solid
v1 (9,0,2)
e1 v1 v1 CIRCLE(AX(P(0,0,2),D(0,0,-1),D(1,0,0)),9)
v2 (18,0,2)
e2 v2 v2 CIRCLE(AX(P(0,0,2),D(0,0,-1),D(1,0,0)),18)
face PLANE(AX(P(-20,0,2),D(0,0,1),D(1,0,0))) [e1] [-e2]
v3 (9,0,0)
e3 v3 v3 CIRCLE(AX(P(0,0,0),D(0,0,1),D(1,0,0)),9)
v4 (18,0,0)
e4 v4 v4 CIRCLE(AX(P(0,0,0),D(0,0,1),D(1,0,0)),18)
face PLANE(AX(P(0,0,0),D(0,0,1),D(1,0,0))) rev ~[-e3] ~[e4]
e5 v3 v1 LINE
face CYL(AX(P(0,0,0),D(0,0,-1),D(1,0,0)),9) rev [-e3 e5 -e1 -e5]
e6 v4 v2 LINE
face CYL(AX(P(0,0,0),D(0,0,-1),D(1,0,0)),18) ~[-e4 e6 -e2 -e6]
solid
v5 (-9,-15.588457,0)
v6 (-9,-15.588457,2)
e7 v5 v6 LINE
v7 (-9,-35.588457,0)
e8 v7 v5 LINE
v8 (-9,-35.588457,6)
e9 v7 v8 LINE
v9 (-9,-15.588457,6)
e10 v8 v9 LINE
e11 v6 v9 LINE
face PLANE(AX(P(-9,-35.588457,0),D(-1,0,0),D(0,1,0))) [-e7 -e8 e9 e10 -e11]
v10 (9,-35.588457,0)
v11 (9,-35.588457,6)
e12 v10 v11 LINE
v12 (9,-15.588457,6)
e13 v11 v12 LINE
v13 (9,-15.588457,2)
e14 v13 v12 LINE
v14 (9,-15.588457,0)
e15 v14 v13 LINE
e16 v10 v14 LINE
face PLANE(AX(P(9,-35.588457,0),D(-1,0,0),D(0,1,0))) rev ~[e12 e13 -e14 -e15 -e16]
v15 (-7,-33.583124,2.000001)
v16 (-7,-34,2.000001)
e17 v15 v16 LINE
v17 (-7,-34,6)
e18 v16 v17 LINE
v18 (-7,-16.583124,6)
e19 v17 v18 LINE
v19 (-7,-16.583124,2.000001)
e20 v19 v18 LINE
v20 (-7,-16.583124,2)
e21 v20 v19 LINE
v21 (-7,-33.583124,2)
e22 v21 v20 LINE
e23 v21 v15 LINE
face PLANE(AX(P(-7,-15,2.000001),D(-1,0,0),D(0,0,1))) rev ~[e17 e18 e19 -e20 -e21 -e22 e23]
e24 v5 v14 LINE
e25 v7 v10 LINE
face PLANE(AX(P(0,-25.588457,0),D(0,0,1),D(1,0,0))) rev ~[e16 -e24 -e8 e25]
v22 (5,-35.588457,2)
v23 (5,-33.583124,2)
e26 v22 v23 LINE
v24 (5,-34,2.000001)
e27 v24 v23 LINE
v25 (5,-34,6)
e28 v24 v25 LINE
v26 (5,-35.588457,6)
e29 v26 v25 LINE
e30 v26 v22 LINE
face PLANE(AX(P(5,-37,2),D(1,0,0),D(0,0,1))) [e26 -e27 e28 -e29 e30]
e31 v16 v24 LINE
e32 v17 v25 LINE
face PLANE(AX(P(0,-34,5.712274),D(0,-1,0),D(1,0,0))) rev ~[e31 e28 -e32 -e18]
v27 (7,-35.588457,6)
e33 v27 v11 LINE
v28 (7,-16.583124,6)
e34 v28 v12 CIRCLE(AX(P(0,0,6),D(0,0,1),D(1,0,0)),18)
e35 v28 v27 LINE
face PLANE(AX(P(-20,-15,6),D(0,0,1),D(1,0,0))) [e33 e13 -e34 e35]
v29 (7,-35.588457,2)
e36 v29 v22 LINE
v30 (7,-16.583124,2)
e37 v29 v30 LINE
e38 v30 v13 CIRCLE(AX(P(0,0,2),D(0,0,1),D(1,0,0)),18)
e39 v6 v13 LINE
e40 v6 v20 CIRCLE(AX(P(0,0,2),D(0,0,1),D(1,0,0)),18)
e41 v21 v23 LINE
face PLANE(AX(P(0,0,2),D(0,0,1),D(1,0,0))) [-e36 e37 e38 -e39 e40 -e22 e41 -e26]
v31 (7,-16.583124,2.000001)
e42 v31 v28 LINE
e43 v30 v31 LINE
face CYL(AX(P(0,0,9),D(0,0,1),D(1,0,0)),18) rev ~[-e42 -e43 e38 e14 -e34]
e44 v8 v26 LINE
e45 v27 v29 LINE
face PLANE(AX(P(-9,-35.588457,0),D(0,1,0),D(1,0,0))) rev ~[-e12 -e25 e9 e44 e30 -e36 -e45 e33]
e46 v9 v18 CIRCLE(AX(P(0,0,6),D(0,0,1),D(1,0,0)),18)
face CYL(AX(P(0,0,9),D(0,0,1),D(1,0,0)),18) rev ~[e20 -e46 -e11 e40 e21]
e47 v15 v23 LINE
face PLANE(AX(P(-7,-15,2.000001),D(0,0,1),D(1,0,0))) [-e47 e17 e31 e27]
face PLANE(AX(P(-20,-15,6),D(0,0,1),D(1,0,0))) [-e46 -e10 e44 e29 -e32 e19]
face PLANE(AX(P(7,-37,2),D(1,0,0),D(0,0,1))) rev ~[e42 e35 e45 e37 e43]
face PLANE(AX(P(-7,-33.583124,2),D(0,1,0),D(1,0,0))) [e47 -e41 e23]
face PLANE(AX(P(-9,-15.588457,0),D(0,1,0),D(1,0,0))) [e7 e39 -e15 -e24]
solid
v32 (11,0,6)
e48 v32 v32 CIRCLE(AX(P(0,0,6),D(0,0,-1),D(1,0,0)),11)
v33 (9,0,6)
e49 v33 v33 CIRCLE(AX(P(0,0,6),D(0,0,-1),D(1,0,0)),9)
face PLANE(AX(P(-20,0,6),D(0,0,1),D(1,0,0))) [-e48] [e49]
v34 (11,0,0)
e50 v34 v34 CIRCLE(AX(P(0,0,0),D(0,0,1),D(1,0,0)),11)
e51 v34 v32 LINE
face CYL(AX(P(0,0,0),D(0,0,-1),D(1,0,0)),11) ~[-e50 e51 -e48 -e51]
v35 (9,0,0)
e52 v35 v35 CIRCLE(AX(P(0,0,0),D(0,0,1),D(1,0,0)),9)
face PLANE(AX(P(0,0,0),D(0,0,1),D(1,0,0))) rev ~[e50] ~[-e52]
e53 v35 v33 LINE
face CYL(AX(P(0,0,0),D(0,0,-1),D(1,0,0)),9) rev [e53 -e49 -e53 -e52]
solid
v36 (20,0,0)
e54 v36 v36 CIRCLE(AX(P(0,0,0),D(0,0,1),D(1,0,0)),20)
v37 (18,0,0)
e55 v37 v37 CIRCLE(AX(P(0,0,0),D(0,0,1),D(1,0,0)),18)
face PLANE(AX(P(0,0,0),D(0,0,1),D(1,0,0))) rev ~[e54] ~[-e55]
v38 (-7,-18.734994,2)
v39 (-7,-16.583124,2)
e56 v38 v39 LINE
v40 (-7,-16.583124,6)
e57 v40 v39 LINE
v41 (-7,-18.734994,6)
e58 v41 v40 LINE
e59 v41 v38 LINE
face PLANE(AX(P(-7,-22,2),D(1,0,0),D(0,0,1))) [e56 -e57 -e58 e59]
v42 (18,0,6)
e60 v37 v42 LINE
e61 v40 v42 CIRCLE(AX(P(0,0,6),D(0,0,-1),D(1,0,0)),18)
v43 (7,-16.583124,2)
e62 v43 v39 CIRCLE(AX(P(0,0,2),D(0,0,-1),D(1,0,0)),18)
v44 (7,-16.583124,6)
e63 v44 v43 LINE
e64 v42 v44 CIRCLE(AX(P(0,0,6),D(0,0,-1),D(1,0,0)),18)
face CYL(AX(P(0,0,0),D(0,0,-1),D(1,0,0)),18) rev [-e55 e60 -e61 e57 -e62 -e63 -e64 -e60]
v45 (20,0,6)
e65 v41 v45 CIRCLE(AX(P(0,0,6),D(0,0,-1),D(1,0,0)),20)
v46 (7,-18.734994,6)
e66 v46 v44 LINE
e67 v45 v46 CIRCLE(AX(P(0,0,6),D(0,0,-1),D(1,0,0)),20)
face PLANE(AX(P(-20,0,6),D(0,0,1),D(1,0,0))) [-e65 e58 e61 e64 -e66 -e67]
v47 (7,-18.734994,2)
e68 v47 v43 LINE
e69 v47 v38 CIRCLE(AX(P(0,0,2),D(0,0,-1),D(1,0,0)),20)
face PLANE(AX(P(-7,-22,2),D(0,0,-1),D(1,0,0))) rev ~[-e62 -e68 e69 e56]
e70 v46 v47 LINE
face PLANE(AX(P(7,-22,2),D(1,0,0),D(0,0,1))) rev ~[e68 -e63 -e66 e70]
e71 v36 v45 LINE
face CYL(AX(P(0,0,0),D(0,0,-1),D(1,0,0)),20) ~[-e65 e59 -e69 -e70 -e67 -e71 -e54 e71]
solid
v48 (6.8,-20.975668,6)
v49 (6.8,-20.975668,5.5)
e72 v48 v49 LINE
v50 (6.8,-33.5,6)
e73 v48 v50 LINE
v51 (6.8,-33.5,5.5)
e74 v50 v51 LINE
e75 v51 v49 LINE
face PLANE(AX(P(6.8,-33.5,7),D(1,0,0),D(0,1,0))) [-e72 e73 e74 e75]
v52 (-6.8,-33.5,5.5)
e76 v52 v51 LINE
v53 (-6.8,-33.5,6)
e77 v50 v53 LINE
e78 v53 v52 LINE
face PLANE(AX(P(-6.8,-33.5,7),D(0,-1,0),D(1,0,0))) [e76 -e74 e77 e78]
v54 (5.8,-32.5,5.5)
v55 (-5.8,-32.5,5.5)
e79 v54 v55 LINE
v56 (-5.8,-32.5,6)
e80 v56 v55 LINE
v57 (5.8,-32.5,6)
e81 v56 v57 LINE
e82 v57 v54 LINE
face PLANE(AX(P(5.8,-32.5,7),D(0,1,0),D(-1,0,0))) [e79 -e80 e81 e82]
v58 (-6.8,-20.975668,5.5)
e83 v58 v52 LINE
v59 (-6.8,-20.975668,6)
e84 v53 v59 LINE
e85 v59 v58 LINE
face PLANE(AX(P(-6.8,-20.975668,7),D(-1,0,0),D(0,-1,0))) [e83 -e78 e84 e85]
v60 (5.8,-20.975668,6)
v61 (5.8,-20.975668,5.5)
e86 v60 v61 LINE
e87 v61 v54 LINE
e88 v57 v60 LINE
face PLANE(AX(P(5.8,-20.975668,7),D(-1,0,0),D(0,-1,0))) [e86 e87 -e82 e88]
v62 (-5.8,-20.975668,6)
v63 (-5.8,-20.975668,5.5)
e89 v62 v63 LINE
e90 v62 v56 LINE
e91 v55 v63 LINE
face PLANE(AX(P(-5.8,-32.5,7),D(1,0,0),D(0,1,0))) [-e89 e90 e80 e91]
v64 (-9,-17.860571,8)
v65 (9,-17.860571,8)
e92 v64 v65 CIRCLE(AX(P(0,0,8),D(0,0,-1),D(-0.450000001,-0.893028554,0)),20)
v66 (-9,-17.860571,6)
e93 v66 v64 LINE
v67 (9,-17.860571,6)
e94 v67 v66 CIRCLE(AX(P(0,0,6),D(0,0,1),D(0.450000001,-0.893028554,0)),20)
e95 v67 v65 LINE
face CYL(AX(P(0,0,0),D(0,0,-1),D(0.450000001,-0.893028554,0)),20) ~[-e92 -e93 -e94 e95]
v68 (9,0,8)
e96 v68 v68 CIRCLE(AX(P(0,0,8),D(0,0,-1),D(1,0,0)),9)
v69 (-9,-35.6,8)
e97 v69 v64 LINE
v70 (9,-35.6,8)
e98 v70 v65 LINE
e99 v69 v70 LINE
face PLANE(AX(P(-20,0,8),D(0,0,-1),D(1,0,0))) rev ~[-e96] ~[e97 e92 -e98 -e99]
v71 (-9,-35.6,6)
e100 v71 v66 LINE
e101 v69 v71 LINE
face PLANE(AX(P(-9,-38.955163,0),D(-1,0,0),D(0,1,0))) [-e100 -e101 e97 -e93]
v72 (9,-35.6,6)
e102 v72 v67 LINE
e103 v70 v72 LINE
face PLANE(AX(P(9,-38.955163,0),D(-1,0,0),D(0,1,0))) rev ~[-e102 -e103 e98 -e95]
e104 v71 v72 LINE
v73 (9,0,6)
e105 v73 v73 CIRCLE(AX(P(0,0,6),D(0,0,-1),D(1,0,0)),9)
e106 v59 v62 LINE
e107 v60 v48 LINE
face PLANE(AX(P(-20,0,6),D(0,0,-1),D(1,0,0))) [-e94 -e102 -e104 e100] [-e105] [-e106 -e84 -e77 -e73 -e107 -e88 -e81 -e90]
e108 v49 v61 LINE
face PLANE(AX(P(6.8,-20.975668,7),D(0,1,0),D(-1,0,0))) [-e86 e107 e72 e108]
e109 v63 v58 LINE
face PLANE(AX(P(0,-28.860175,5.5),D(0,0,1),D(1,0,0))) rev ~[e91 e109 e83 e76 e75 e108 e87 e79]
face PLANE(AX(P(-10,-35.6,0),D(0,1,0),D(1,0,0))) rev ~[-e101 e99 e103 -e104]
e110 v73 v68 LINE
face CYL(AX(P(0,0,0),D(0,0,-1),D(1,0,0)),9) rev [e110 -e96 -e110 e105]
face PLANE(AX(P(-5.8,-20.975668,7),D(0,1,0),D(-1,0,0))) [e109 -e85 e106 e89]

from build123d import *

# Parameters (mm, degrees)
SKETCH_R             = 20
PAD_DEPTH            = 30
SKETCH001_R          = 18
POCKET_DEPTH         = 40
SKETCH002_W          = 40
SKETCH002_H          = 26
POCKET001_DEPTH      = 20.001
POCKET001_DEPTH_BACK = 20.001
SKETCH014_W          = 14
SKETCH014_H          = 7.569522
POCKET010_DEPTH      = 6
SKETCH005_R          = 11
PAD002_DEPTH         = 30
SKETCH006_W          = 40
SKETCH006_H          = 26
POCKET003_DEPTH      = 11.001
POCKET003_DEPTH_BACK = 11.001
SKETCH007_R          = 9
POCKET004_DEPTH      = 6.001
SKETCH003_R          = 18
PAD001_DEPTH         = 30
SKETCH004_W          = 40
SKETCH004_H          = 30
POCKET002_DEPTH      = 18.001
POCKET002_DEPTH_BACK = 18.001
SKETCH008_R          = 9
POCKET005_DEPTH      = 2.001
SKETCH009_W          = 18
SKETCH009_H          = 20
PAD003_DEPTH         = 9
SKETCH010_W          = 14
SKETCH010_H          = 17
POCKET006_DEPTH      = 7
SKETCH011_W          = 40
SKETCH011_H          = 26
POCKET007_DEPTH      = 21
SKETCH012_W          = 14
SKETCH012_H          = 7.424547
POCKET008_DEPTH      = 19
SKETCH013_R          = 18
POCKET009_DEPTH      = 7
SKETCH021_W          = 2
SKETCH021_H          = 8
POCKET015_DEPTH      = 5
SKETCH015_W          = 40
SKETCH015_H          = 26
PAD004_DEPTH         = 36
SKETCH016_W          = 40
SKETCH016_H          = 26
POCKET011_DEPTH      = 36
SKETCH017_R          = 9
POCKET012_DEPTH      = 8.001
POCKET013_DEPTH      = 25
SKETCH019_W          = 20
SKETCH019_H          = 5
POCKET014_DEPTH      = 15
PAD005_DEPTH         = 1.5


with BuildPart() as base_cylinder_external:
    # Sketch → Pad (new body)
    with BuildSketch(Plane.XY):
        Circle(SKETCH_R)
    extrude(amount=PAD_DEPTH)

    # Sketch001 → Pocket (cut)
    with BuildSketch(Plane.XY):
        Circle(SKETCH001_R)
    extrude(amount=POCKET_DEPTH, mode=Mode.SUBTRACT)

    # Sketch002 → Pocket001 (cut, two sides)
    with BuildSketch(Plane.XZ) as pocket001_sk:
        with Locations((0, 19)):
            Rectangle(SKETCH002_W, SKETCH002_H)
    extrude(amount=-POCKET001_DEPTH, mode=Mode.SUBTRACT)
    extrude(pocket001_sk.sketch, amount=POCKET001_DEPTH_BACK, mode=Mode.SUBTRACT)

    # Sketch014 → Pocket010 (cut)
    with BuildSketch(Plane.XZ.offset(22)):
        with Locations((0, 5.784761)):
            Rectangle(SKETCH014_W, SKETCH014_H)
    extrude(amount=-POCKET010_DEPTH, mode=Mode.SUBTRACT)


with BuildPart() as base_cylinder_internal:
    # Sketch005 → Pad002 (new body)
    with BuildSketch(Plane.XY):
        Circle(SKETCH005_R)
    extrude(amount=PAD002_DEPTH)

    # Sketch006 → Pocket003 (cut, two sides)
    with BuildSketch(Plane.XZ) as pocket003_sk:
        with Locations((0, 19)):
            Rectangle(SKETCH006_W, SKETCH006_H)
    extrude(amount=-POCKET003_DEPTH, mode=Mode.SUBTRACT)
    extrude(pocket003_sk.sketch, amount=POCKET003_DEPTH_BACK, mode=Mode.SUBTRACT)

    # Sketch007 → Pocket004 (cut, through all)
    with BuildSketch(Plane.XY):
        Circle(SKETCH007_R)
    extrude(amount=POCKET004_DEPTH, mode=Mode.SUBTRACT)


with BuildPart() as base_cylinder_intermediate:
    # Sketch003 → Pad001 (new body)
    with BuildSketch(Plane.XY):
        Circle(SKETCH003_R)
    extrude(amount=PAD001_DEPTH)

    # Sketch004 → Pocket002 (cut, two sides)
    with BuildSketch(Plane.XZ) as pocket002_sk:
        with Locations((0, 17)):
            Rectangle(SKETCH004_W, SKETCH004_H)
    extrude(amount=-POCKET002_DEPTH, mode=Mode.SUBTRACT)
    extrude(pocket002_sk.sketch, amount=POCKET002_DEPTH_BACK, mode=Mode.SUBTRACT)

    # Sketch008 → Pocket005 (cut, through all)
    with BuildSketch(Plane.XY):
        Circle(SKETCH008_R)
    extrude(amount=POCKET005_DEPTH, mode=Mode.SUBTRACT)


with BuildPart() as base_box:
    # Sketch009 → Pad003 (new body)
    with BuildSketch(Plane.XY):
        with Locations((0, -25.588457)):
            Rectangle(SKETCH009_W, SKETCH009_H)
    extrude(amount=PAD003_DEPTH)

    # Sketch010 → Pocket006 (cut)
    with BuildSketch(Plane.XY.offset(2)):
        with Locations((0, -25.083124)):
            Rectangle(SKETCH010_W, SKETCH010_H)
    extrude(amount=POCKET006_DEPTH, mode=Mode.SUBTRACT)

    # Sketch011 → Pocket007 (cut)
    with BuildSketch(Plane.XZ.offset(15)):
        with Locations((0, 19)):
            Rectangle(SKETCH011_W, SKETCH011_H)
    extrude(amount=POCKET007_DEPTH, mode=Mode.SUBTRACT)

    # Sketch012 → Pocket008 (cut)
    with BuildSketch(Plane.XZ.offset(15)):
        with Locations((0, 5.712274)):
            Rectangle(SKETCH012_W, SKETCH012_H)
    extrude(amount=POCKET008_DEPTH, mode=Mode.SUBTRACT)

    # Sketch013 → Pocket009 (cut)
    with BuildSketch(Plane.XY.offset(9)):
        Circle(SKETCH013_R)
    extrude(amount=-POCKET009_DEPTH, mode=Mode.SUBTRACT)

    # Sketch021 → Pocket015 (cut)
    with BuildSketch(Plane.XZ.offset(37)):
        with Locations((6, 6)):
            Rectangle(SKETCH021_W, SKETCH021_H)
    extrude(amount=-POCKET015_DEPTH, mode=Mode.SUBTRACT)


with BuildPart() as top:
    # Sketch015 → Pad004 (new body, symmetric)
    with BuildSketch(Plane.XZ):
        with Locations((0, 19)):
            Rectangle(SKETCH015_W, SKETCH015_H)
    extrude(amount=PAD004_DEPTH, both=True)

    # Sketch016 → Pocket011 (cut, symmetric)
    with BuildSketch(Plane.XZ):
        with Locations((0, 21)):
            Rectangle(SKETCH016_W, SKETCH016_H)
    extrude(amount=POCKET011_DEPTH, both=True, mode=Mode.SUBTRACT)

    # Sketch017 → Pocket012 (cut, through all)
    with BuildSketch(Plane.XY):
        Circle(SKETCH017_R)
    extrude(amount=POCKET012_DEPTH, mode=Mode.SUBTRACT)

    # Sketch018 → Pocket013 (cut)
    with BuildSketch(Plane.XY):
        with BuildLine():
            Line((9, -38.955163), (9, -17.860571))
            ThreePointArc((9, -17.860571), (0, 20), (-9, -17.860571))
            Line((-9, -38.955163), (-9, -17.860571))
            Line((-9, -38.955163), (-27, -38.955163))
            Line((-27, -38.955163), (-27, 41.044837))
            Line((-27, 41.044837), (27, 41.044837))
            Line((27, 41.044837), (27, -38.955163))
            Line((27, -38.955163), (9, -38.955163))
        make_face()
    extrude(amount=POCKET013_DEPTH, mode=Mode.SUBTRACT)

    # Sketch019 → Pocket014 (cut)
    with BuildSketch(Plane.XY):
        with Locations((0, -38.1)):
            Rectangle(SKETCH019_W, SKETCH019_H)
    extrude(amount=POCKET014_DEPTH, mode=Mode.SUBTRACT)

    # Sketch020 → Pad005 (join)
    with BuildSketch(Plane.XY.offset(7)):
        Polygon((-6.8, -20.975668), (-6.8, -33.5), (6.8, -33.5), (6.8, -20.975668), (5.8, -20.975668), (5.8, -32.5), (-5.8, -32.5), (-5.8, -20.975668), align=None)
    extrude(amount=-PAD005_DEPTH)


solid = Compound([base_cylinder_external.part, base_cylinder_internal.part, base_cylinder_intermediate.part, base_box.part, top.part])
